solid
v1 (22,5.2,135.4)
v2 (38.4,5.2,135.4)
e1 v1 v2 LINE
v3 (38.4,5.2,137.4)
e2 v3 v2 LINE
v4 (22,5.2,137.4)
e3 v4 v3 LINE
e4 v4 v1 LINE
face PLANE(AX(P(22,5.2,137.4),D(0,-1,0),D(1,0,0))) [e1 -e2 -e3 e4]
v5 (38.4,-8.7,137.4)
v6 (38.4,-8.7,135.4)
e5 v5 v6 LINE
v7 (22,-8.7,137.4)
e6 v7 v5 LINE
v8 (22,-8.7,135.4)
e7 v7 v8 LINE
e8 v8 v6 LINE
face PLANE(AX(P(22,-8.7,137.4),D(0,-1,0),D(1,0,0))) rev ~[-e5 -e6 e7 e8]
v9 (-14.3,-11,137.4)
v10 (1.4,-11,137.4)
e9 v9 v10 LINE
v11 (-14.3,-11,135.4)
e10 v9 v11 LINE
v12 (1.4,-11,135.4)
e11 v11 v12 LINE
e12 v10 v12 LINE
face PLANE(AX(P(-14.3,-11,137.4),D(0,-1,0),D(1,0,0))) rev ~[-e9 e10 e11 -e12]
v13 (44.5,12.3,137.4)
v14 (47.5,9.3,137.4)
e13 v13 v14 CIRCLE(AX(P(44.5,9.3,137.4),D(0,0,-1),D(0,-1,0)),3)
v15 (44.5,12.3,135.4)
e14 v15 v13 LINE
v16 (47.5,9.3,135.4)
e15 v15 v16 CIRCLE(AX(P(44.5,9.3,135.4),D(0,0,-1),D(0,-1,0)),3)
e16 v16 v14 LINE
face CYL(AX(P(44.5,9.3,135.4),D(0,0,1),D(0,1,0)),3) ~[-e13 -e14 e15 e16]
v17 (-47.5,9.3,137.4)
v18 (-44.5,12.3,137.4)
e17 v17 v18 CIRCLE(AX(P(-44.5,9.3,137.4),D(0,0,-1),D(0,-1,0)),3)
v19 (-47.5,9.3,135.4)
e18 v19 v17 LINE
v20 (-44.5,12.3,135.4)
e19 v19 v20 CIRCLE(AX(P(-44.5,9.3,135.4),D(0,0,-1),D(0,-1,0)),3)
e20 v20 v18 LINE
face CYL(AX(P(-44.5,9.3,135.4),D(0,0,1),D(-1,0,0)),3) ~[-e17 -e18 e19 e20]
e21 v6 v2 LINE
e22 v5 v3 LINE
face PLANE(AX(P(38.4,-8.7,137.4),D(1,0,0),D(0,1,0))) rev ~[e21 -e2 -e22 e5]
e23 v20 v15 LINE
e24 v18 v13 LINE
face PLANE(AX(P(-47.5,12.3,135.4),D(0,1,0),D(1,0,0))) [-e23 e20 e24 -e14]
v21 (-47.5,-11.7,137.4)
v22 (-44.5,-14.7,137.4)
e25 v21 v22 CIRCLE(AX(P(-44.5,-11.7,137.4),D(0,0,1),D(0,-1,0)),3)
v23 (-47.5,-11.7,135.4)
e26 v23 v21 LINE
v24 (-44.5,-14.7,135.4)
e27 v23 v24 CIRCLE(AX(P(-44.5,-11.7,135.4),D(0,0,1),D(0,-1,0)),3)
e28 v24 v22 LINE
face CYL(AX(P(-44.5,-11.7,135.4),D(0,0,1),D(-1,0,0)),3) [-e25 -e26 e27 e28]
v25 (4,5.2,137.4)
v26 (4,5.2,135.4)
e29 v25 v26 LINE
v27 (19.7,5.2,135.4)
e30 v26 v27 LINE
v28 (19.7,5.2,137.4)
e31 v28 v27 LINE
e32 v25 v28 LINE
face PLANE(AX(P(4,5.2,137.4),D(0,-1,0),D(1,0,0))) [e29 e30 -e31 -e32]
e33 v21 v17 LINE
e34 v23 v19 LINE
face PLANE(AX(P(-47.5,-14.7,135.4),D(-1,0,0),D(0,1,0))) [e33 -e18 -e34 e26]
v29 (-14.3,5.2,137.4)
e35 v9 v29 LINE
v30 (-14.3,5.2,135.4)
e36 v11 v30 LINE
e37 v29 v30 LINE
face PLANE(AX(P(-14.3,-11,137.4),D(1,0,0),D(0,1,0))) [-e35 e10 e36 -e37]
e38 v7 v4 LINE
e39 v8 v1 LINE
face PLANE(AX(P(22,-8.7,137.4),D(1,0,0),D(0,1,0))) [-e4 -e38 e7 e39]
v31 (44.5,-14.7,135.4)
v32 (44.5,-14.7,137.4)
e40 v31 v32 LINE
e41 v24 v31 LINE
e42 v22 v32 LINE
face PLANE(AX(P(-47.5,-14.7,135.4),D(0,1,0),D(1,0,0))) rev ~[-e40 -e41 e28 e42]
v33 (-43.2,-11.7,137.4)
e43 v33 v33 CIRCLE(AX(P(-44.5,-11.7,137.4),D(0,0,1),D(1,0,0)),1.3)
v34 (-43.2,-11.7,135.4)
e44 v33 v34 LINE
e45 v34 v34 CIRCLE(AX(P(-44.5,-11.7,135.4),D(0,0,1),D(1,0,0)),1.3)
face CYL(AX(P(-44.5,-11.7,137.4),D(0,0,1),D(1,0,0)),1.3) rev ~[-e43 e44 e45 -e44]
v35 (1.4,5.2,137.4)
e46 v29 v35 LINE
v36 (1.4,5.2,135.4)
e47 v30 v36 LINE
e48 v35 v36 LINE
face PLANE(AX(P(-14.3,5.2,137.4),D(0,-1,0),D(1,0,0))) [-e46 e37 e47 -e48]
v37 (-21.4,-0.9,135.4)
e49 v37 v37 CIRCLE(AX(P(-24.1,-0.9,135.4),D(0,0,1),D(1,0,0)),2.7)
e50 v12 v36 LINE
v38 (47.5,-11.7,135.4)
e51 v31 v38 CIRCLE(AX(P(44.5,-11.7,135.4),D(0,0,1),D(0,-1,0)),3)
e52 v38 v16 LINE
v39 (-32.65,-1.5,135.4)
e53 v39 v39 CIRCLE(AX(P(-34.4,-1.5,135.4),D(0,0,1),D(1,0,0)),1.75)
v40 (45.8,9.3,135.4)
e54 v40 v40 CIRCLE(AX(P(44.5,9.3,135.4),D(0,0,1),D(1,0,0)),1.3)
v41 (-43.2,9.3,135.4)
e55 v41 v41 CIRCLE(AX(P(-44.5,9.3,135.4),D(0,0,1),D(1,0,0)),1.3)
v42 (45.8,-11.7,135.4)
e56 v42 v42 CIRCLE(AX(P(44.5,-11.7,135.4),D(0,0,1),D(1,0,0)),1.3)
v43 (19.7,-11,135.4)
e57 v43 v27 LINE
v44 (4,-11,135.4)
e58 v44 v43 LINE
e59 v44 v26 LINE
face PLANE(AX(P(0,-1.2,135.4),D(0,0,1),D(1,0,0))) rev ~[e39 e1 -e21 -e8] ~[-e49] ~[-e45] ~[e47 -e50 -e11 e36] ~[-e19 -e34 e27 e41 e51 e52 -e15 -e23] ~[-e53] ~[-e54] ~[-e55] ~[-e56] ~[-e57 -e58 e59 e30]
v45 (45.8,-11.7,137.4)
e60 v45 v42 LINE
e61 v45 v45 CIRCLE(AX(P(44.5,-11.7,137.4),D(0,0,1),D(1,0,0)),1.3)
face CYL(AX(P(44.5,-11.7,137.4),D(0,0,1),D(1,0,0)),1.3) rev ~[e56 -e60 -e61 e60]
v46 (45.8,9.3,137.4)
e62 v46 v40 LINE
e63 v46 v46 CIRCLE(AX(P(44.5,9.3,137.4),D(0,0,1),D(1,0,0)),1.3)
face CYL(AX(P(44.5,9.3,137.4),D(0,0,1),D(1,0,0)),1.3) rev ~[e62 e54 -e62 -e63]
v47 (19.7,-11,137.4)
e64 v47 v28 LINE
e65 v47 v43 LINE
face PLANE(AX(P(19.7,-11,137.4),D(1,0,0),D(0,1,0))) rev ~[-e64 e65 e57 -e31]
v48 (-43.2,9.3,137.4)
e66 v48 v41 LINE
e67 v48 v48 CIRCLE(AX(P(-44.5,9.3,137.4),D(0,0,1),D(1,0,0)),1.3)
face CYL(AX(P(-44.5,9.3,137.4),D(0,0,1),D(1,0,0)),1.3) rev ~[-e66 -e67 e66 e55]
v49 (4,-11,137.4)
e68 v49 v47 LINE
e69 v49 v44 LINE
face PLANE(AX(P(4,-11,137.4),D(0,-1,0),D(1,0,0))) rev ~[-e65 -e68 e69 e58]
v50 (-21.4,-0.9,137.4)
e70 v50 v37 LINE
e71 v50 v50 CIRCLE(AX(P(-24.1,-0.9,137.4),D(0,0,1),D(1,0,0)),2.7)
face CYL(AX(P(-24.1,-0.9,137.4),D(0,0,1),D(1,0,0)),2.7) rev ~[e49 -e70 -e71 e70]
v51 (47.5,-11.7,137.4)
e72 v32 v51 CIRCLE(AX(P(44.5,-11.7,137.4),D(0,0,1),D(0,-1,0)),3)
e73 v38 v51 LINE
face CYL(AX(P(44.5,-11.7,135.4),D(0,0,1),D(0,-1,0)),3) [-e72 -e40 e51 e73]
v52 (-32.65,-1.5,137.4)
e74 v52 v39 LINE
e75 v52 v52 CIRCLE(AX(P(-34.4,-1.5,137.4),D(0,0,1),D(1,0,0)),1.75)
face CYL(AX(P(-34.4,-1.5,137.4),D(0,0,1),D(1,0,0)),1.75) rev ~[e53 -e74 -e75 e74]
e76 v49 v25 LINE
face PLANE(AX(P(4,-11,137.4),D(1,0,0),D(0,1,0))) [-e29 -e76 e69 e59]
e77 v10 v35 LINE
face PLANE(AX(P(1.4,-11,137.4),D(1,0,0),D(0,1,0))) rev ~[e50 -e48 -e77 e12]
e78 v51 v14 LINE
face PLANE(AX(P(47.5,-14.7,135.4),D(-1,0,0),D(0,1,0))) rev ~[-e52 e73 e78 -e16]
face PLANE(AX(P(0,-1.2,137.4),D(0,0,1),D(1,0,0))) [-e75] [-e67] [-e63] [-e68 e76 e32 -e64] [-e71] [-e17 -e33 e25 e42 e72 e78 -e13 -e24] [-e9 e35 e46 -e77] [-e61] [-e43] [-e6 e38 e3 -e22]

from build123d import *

# Parameters (mm, degrees)
SKETCH006_W     = 95
SKETCH006_H     = 27
PAD003_DEPTH    = 2
SKETCH007_R     = 1.3
POCKET003_DEPTH = 2
FILLET003_R     = 3
SKETCH008_R     = 1.75
SKETCH008_R_2   = 2.7
POCKET004_DEPTH = 2
SKETCH009_W     = 15.7
SKETCH009_H     = 16.2
SKETCH009_W_2   = 16.4
SKETCH009_H_2   = 13.9
POCKET005_DEPTH = 2


with BuildPart() as part:
    # Sketch006 → Pad003 (new body)
    with BuildSketch(Plane.XY):
        Rectangle(SKETCH006_W, SKETCH006_H)
    extrude(amount=PAD003_DEPTH)

    # Sketch007 (on Face6 of Pad003) → Pocket003 (cut)
    with BuildSketch(Plane.XY.offset(2)):
        with Locations((-44.5, 10.5)):
            Circle(SKETCH007_R)
        with Locations((44.5, 10.5)):
            Circle(SKETCH007_R)
        with Locations((44.5, -10.5)):
            Circle(SKETCH007_R)
        with Locations((-44.5, -10.5)):
            Circle(SKETCH007_R)
    extrude(amount=-POCKET003_DEPTH, mode=Mode.SUBTRACT)

    # Fillet003
    fillet003_edges = [part.edges().sort_by_distance(p)[0] for p in [
        (-47.5, -13.5, 1),
        (47.5, -13.5, 1),
        (47.5, 13.5, 1),
        (-47.5, 13.5, 1),
    ]]
    fillet(fillet003_edges, radius=FILLET003_R)

    # Sketch008 (on Face5 of Fillet003) → Pocket004 (cut)
    with BuildSketch(Plane.XY.offset(2)):
        with Locations((-34.4, -0.3)):
            Circle(SKETCH008_R)
        with Locations((-24.1, 0.3)):
            Circle(SKETCH008_R_2)
    extrude(amount=-POCKET004_DEPTH, mode=Mode.SUBTRACT)

    # Sketch009 (on Face5 of Pocket004) → Pocket005 (cut)
    with BuildSketch(Plane.XY.offset(2)):
        with Locations((-6.45, -1.7)):
            Rectangle(SKETCH009_W, SKETCH009_H)
        with Locations((11.85, -1.7)):
            Rectangle(SKETCH009_W, SKETCH009_H)
        with Locations((30.2, -0.55)):
            Rectangle(SKETCH009_W_2, SKETCH009_H_2)
    extrude(amount=-POCKET005_DEPTH, mode=Mode.SUBTRACT)


with BuildPart() as part_1:
    # Body002 placement: moved
    add(part.part.moved(Location((0, -1.2, 135.4))))


solid = part_1.part
